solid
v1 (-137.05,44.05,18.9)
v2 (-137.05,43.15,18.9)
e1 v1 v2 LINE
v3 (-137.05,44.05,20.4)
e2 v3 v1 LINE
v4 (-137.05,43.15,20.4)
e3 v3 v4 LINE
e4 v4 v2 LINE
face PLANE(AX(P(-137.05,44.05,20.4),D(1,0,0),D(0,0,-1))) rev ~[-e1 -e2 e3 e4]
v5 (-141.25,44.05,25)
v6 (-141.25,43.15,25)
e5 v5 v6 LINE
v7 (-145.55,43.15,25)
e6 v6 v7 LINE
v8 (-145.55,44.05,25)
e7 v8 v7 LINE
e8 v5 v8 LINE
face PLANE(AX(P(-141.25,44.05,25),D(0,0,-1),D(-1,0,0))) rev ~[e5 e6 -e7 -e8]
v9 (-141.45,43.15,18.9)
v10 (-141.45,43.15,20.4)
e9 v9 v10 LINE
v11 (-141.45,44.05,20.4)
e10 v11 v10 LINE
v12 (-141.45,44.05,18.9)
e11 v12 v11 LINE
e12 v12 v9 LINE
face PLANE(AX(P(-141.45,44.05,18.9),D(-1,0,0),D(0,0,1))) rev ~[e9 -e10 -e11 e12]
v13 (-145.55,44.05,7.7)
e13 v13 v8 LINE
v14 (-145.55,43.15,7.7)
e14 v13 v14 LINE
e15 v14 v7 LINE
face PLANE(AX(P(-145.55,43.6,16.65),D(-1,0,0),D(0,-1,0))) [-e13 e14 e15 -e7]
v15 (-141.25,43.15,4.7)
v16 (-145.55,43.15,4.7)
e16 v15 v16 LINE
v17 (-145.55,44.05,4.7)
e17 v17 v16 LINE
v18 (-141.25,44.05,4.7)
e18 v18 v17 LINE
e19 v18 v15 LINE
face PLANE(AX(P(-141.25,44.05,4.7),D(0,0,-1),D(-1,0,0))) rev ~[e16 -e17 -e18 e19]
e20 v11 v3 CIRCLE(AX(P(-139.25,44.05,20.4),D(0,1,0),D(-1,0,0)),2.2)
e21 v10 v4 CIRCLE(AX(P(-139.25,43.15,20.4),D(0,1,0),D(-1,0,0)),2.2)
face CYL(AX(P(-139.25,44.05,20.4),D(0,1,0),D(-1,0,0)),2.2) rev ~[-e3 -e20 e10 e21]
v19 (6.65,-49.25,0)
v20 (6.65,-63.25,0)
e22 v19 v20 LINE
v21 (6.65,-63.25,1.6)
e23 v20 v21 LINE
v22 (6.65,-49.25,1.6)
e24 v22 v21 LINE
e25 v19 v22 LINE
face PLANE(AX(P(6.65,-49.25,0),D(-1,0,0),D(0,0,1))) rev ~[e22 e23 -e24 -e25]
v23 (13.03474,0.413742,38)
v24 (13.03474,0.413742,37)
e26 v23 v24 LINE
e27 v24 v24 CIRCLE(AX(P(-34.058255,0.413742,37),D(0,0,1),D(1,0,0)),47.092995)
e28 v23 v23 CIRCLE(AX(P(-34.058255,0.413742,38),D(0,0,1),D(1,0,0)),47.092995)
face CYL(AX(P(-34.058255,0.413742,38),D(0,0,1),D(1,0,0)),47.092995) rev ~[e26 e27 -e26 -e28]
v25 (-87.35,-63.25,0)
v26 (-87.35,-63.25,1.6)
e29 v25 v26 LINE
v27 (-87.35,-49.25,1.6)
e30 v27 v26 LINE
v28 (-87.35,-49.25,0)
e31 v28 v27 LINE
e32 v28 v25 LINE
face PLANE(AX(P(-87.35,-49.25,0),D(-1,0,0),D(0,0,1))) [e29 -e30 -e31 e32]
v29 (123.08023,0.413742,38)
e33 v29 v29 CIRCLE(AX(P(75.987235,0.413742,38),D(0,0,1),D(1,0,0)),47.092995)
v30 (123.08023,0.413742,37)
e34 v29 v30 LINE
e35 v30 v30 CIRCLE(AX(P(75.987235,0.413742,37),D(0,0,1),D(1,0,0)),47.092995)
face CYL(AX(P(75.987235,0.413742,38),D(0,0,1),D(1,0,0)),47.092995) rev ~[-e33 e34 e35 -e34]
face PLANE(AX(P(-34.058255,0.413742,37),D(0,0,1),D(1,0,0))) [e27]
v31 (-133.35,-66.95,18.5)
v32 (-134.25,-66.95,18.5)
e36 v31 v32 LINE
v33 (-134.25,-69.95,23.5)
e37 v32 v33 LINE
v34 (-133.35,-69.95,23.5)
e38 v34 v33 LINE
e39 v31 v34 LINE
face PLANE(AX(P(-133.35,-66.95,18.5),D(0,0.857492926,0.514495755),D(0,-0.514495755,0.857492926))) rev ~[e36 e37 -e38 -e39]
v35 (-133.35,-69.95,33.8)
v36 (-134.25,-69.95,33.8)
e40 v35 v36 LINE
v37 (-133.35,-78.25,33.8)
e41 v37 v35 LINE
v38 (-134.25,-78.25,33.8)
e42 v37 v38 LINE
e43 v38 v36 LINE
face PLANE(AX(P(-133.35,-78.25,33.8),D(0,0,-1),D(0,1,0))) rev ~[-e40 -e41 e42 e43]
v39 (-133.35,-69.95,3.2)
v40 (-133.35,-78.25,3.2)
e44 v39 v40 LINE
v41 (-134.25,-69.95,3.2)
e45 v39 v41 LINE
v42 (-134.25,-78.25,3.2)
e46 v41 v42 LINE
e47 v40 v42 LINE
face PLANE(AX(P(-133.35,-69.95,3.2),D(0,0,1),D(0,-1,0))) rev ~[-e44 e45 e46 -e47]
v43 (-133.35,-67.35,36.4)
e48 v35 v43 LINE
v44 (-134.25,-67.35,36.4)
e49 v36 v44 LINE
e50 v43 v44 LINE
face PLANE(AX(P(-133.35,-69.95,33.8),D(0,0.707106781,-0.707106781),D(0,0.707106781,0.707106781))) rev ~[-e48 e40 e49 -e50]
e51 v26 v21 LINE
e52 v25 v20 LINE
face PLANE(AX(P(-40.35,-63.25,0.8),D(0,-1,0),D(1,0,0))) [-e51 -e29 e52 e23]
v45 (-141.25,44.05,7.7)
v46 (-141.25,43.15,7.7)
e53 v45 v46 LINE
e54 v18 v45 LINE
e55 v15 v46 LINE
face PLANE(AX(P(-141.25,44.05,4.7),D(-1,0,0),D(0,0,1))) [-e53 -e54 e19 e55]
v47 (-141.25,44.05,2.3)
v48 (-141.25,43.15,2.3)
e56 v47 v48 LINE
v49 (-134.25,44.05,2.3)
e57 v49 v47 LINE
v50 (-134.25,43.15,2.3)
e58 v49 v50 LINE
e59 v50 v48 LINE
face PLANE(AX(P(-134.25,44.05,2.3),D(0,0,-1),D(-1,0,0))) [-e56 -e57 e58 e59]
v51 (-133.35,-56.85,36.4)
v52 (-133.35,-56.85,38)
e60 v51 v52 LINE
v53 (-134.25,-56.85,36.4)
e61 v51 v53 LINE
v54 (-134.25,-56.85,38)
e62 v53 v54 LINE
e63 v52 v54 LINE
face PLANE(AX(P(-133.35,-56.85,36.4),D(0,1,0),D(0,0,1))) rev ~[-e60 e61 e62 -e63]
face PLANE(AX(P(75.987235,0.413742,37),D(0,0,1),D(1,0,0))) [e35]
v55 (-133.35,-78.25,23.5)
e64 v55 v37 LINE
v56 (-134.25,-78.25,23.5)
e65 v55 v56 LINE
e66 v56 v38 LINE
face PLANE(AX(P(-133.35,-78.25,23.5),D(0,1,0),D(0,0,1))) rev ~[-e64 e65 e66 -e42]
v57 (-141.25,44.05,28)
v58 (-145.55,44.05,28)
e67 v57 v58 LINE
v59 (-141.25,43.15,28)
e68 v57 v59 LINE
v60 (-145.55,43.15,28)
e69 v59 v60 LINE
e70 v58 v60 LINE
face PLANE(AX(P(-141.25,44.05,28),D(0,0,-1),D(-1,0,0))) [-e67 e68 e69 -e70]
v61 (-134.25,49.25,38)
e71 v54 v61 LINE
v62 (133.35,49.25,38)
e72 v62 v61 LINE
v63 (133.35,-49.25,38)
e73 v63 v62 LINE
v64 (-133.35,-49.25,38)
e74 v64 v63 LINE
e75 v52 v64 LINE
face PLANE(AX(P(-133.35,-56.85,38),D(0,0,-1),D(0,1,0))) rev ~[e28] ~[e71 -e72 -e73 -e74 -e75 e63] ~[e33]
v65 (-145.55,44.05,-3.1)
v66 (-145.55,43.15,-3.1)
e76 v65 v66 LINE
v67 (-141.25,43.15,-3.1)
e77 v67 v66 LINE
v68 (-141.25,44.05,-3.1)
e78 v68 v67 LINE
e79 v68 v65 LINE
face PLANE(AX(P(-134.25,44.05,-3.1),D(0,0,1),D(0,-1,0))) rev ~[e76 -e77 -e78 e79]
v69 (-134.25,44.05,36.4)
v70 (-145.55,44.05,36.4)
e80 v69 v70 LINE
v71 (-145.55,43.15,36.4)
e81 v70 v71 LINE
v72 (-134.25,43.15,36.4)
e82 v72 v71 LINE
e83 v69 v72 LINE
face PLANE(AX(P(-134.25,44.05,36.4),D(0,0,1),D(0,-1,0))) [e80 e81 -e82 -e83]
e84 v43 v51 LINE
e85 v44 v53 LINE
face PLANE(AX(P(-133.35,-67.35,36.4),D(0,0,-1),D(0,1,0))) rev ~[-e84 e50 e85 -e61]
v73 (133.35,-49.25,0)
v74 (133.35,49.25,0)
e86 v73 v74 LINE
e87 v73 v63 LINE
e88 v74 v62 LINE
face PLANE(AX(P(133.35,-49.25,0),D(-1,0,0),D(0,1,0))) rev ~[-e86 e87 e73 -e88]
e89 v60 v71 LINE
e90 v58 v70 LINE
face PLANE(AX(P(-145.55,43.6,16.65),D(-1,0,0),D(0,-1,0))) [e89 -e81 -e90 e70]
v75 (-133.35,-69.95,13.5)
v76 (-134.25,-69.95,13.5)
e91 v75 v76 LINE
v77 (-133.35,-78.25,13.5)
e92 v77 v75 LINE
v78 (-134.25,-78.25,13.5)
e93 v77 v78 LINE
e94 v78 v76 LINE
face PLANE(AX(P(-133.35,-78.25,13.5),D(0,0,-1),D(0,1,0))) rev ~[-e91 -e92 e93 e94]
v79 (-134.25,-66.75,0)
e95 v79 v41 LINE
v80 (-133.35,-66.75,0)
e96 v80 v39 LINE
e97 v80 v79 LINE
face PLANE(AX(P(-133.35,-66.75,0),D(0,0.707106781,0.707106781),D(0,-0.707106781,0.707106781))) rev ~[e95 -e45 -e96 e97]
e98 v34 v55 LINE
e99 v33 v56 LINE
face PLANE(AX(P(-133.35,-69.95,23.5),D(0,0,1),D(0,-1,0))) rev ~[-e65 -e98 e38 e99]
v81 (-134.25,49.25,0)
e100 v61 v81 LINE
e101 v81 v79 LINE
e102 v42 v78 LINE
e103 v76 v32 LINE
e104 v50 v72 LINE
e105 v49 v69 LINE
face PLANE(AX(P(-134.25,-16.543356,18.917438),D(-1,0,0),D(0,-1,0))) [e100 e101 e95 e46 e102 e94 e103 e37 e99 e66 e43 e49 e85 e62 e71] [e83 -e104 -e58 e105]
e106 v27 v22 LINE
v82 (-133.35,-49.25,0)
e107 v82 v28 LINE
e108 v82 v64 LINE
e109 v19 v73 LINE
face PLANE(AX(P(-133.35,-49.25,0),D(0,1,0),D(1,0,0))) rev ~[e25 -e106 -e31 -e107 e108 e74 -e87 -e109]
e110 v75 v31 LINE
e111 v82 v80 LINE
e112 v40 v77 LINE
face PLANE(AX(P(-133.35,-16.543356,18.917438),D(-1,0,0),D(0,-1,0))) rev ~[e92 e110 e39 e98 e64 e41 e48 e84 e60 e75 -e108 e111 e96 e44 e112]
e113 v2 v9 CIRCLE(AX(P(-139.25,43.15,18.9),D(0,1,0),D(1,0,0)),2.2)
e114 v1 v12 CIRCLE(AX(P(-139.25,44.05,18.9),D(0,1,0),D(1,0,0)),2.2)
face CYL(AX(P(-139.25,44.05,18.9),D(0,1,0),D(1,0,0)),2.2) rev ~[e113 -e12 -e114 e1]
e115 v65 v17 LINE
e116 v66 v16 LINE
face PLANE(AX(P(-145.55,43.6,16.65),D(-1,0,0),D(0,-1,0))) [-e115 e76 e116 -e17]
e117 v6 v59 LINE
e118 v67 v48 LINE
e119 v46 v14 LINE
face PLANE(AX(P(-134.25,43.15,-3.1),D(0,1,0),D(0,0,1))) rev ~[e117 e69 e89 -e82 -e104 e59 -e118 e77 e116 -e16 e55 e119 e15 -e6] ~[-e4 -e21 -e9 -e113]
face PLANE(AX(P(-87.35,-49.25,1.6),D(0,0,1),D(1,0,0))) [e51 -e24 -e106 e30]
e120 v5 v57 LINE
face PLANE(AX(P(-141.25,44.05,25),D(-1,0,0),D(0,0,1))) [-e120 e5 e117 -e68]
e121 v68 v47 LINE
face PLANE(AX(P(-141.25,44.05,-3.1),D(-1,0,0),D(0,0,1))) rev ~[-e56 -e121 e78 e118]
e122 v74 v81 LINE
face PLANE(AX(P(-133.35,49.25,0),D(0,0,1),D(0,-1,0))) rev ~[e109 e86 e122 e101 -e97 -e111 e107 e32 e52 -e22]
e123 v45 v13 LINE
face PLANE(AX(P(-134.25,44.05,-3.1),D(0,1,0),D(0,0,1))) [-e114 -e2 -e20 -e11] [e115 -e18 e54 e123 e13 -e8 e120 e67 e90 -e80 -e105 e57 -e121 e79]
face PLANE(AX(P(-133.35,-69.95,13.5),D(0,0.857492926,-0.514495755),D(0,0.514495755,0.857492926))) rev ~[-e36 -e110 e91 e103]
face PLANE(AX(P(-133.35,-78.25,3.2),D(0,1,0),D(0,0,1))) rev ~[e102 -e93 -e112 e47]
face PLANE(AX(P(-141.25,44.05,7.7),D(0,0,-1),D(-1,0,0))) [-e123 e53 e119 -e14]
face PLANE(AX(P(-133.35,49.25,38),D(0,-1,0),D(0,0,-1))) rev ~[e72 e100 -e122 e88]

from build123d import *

# Parameters (mm, degrees)
F0_W      = 266.7
F0_H      = 98.5
F1_DEPTH  = 38
F2_R      = 47.092995
F3_DEPTH  = 1
F5_DEPTH  = 0.9
F6_W      = 0.9
F6_H      = 39.5
F7_DEPTH  = 11.3
F8_W      = 7
F8_H      = 5.4
F8_W_2    = 4.3
F8_H_2    = 3
F9_DEPTH  = 0.9
F10_W     = 94
F10_H     = 1.6
F11_DEPTH = 14


with BuildPart() as f1:
    # F0 (on Top) → F1 (new body)
    with BuildSketch(Plane.XY):
        Rectangle(F0_W, F0_H)
    extrude(amount=F1_DEPTH)

    # F2 (on face) → F3 (cut)
    with BuildSketch(Plane.XY.offset(38)):
        with Locations((-34.058255, 0.413742)):
            Circle(F2_R)
        with Locations((75.987235, 0.413742)):
            Circle(F2_R)
    extrude(amount=-F3_DEPTH, mode=Mode.SUBTRACT)

    # F4 (on face) → F5 (join)
    with BuildSketch(Plane(origin=(-133.35, 0, 0), x_dir=(0, -1, 0), z_dir=(-1, 0, 0))):
        Polygon((56.85, 38), (49.25, 38), (-49.25, 38), (-49.25, 0), (49.25, 0), (66.75, 0), (69.95, 3.2), (78.25, 3.2), (78.25, 13.5), (69.95, 13.5), (66.95, 18.5), (69.95, 23.5), (78.25, 23.5), (78.25, 33.8), (69.95, 33.8), (67.35, 36.4), (56.85, 36.4), align=None)
    extrude(amount=F5_DEPTH)

    # F6 (on face) → F7 (join)
    with BuildSketch(Plane(origin=(-134.25, 0, 0), x_dir=(0, -1, 0), z_dir=(-1, 0, 0))):
        with Locations((-43.6, 16.65)):
            Rectangle(F6_W, F6_H)
    extrude(amount=F7_DEPTH)

    # F8 (on face) → F9 (cut, through all)
    with BuildSketch(Plane(origin=(0, 44.05, 0), x_dir=(-1, 0, 0), z_dir=(0, 1, 0))):
        with Locations((137.75, -0.4)):
            Rectangle(F8_W, F8_H)
        with Locations((143.4, 26.5)):
            Rectangle(F8_W_2, F8_H_2)
        with Locations((143.4, 6.2)):
            Rectangle(F8_W_2, F8_H_2)
        with BuildLine():
            ThreePointArc((141.45, 20.4), (139.25, 22.6), (137.05, 20.4))
            Line((137.05, 20.4), (137.05, 18.9))
            ThreePointArc((137.05, 18.9), (139.25, 16.7), (141.45, 18.9))
            Line((141.45, 18.9), (141.45, 20.4))
        make_face()
    extrude(amount=-F9_DEPTH, mode=Mode.SUBTRACT)

    # F10 (on face) → F11 (join)
    with BuildSketch(Plane.XZ.offset(49.25)):
        with Locations((-40.35, 0.8)):
            Rectangle(F10_W, F10_H)
    extrude(amount=F11_DEPTH)


solid = f1.part
